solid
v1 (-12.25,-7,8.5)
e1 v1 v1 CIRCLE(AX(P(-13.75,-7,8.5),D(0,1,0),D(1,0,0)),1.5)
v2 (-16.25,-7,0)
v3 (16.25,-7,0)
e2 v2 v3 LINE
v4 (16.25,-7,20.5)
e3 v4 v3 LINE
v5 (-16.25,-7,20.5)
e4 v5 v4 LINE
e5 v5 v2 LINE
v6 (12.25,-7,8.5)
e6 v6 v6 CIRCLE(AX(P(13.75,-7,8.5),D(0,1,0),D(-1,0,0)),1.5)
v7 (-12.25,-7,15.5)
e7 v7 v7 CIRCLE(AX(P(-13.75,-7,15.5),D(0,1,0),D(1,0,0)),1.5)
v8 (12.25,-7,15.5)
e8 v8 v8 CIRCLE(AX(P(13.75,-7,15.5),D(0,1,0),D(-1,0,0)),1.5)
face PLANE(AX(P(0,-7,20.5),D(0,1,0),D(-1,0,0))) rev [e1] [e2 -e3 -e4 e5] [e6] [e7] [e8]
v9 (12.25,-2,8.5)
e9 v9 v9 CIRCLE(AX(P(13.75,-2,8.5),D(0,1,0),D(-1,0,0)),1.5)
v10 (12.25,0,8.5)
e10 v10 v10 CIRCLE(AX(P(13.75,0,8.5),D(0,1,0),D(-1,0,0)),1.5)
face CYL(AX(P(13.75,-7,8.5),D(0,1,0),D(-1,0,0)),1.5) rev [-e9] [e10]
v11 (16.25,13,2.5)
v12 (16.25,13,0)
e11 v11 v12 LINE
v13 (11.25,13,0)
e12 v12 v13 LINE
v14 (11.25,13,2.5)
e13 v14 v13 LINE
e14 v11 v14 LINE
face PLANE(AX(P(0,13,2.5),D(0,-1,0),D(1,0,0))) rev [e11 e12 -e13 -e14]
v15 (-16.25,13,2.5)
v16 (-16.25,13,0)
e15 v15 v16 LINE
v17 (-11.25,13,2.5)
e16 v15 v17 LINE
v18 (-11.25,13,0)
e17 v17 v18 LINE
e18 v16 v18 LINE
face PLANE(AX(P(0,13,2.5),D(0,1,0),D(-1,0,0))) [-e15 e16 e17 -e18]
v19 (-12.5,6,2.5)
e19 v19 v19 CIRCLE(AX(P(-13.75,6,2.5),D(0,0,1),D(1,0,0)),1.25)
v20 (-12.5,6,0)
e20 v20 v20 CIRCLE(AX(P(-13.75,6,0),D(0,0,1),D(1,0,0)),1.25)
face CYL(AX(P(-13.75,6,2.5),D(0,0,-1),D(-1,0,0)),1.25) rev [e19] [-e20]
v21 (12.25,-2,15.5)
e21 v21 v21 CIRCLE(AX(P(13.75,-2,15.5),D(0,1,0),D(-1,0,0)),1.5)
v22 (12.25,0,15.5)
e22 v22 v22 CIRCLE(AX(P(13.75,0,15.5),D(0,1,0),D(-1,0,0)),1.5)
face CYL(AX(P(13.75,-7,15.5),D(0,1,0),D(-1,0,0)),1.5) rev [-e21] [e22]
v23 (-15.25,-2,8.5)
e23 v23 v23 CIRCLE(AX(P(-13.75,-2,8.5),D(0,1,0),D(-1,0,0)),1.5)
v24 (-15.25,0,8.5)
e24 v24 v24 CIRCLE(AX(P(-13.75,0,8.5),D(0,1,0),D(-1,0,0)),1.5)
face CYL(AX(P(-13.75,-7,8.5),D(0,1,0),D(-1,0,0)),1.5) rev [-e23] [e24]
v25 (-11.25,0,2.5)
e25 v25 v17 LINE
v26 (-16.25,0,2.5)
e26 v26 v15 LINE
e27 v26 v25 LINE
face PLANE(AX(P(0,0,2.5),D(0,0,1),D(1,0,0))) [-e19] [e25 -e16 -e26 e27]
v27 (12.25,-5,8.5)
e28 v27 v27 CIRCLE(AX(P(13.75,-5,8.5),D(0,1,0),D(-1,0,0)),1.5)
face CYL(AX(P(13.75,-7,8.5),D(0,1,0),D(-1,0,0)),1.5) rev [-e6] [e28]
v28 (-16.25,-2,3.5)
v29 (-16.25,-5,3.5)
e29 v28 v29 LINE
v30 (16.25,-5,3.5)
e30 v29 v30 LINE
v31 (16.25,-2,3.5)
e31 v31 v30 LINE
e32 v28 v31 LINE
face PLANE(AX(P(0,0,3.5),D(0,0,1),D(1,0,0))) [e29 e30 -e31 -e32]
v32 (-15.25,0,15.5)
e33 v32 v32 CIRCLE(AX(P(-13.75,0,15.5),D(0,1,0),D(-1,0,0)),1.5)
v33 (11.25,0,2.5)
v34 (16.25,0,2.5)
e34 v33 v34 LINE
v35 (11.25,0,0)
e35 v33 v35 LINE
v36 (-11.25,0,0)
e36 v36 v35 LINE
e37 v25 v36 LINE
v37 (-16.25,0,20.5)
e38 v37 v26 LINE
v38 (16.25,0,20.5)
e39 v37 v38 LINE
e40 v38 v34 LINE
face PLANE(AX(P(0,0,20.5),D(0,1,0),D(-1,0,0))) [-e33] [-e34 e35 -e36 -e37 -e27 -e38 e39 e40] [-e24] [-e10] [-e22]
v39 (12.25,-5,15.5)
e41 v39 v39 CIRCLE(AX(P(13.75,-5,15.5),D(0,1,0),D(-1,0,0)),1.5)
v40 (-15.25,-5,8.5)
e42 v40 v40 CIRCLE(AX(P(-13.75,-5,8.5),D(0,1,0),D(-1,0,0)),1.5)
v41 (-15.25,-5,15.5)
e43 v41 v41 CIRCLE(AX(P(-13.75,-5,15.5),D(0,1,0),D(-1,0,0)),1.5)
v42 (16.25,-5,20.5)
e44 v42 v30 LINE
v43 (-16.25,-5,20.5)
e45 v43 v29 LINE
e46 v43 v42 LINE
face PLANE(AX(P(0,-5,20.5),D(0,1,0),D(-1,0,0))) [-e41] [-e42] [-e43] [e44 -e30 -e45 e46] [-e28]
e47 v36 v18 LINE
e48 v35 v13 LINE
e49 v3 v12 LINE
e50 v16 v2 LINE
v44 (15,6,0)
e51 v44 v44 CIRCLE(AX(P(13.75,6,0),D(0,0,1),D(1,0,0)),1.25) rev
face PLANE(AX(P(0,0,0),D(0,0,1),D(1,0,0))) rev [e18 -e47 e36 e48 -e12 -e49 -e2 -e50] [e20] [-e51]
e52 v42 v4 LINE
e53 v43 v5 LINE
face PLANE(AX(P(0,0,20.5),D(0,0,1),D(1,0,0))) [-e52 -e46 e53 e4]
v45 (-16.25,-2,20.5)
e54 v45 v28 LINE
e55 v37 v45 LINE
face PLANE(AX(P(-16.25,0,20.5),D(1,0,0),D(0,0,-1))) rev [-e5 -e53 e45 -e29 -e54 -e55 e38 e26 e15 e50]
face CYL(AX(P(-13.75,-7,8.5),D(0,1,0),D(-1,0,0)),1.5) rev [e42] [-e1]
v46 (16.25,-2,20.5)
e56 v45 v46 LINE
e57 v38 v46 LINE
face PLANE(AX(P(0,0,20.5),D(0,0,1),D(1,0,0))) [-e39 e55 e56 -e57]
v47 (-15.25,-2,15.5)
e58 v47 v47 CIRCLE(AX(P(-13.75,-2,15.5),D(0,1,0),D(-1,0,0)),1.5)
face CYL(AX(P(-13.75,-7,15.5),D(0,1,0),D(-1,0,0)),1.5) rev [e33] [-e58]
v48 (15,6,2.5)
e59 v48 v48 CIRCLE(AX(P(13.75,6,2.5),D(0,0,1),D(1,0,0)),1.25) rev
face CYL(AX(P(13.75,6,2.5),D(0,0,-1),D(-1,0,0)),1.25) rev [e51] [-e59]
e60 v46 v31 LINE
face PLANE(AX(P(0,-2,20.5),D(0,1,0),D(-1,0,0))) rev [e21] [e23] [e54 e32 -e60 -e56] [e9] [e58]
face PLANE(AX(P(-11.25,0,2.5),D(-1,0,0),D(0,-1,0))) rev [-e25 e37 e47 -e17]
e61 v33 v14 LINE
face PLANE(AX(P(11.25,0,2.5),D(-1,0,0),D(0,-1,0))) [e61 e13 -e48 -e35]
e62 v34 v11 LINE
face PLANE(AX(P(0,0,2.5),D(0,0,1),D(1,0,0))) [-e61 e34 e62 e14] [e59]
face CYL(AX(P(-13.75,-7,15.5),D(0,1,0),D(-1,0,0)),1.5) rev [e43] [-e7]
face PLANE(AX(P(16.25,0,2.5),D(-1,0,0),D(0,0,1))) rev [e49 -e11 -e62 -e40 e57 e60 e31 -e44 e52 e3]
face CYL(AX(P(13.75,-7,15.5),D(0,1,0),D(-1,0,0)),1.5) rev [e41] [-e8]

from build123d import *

# Parameters (mm, degrees)
SKETCH1_W               = 5
SKETCH1_H               = 13
SKETCH1_R               = 1.25
BOSS_EXTRUDE1_DEPTH     = 2.5
BOSS_EXTRUDE1_2_DEPTH   = 2.5
SKETCH1_5_W             = 32.5
SKETCH1_5_H             = 2
BOSS_EXTRUDE2_DEPTH     = 20.5
SKETCH1_6_W             = 32.5
SKETCH1_6_H             = 3
BOSS_EXTRUDE3_DEPTH     = 3.5
SKETCH2_R               = 1.5
CUT_EXTRUDE2_DEPTH      = 14
CUT_EXTRUDE2_DEPTH_BACK = 8


with BuildPart() as part:
    # Sketch1 → Boss-Extrude1 (new body)
    with BuildSketch(Plane.XY):
        with Locations((-13.75, 6.5)):
            Rectangle(SKETCH1_W, SKETCH1_H)
        with Locations((-13.75, 6)):
            Circle(SKETCH1_R, mode=Mode.SUBTRACT)
    extrude(amount=BOSS_EXTRUDE1_DEPTH)



with BuildPart() as body_2:
    # Sketch1 → Boss-Extrude1 2 (new body)
    with BuildSketch(Plane.XY):
        with Locations((13.75, 6.5)):
            Rectangle(SKETCH1_W, SKETCH1_H)
        with Locations((13.75, 6)):
            Circle(SKETCH1_R, mode=Mode.SUBTRACT)
    extrude(amount=BOSS_EXTRUDE1_2_DEPTH)


with BuildPart() as part_1:
    add(part.part)

    add(body_2.part)  # Boss-Extrude2 merges body 2
    # Sketch1<5> → Boss-Extrude2 (add)
    with BuildSketch(Plane.XY):
        with Locations((0, -1)):
            Rectangle(SKETCH1_5_W, SKETCH1_5_H)
        with Locations((0, -6)):
            Rectangle(SKETCH1_5_W, SKETCH1_5_H)
    extrude(amount=BOSS_EXTRUDE2_DEPTH)

    # Sketch1<6> → Boss-Extrude3 (add)
    with BuildSketch(Plane.XY):
        with Locations((0, -3.5)):
            Rectangle(SKETCH1_6_W, SKETCH1_6_H)
    extrude(amount=BOSS_EXTRUDE3_DEPTH)

    # Sketch2 → Cut-Extrude2 (cut, two sides)
    with BuildSketch(Plane(origin=(0, 0, 0), x_dir=(1, 0, 0), z_dir=(0, 1, 0))) as cut_extrude2_sk:
        with Locations((13.75, -8.5)):
            Circle(SKETCH2_R)
        with Locations((13.75, -15.5)):
            Circle(SKETCH2_R)
        with Locations((-13.75, -15.5)):
            Circle(SKETCH2_R)
        with Locations((-13.75, -8.5)):
            Circle(SKETCH2_R)
    extrude(amount=CUT_EXTRUDE2_DEPTH, mode=Mode.SUBTRACT)
    extrude(cut_extrude2_sk.sketch, amount=-CUT_EXTRUDE2_DEPTH_BACK, mode=Mode.SUBTRACT)


solid = part_1.part
